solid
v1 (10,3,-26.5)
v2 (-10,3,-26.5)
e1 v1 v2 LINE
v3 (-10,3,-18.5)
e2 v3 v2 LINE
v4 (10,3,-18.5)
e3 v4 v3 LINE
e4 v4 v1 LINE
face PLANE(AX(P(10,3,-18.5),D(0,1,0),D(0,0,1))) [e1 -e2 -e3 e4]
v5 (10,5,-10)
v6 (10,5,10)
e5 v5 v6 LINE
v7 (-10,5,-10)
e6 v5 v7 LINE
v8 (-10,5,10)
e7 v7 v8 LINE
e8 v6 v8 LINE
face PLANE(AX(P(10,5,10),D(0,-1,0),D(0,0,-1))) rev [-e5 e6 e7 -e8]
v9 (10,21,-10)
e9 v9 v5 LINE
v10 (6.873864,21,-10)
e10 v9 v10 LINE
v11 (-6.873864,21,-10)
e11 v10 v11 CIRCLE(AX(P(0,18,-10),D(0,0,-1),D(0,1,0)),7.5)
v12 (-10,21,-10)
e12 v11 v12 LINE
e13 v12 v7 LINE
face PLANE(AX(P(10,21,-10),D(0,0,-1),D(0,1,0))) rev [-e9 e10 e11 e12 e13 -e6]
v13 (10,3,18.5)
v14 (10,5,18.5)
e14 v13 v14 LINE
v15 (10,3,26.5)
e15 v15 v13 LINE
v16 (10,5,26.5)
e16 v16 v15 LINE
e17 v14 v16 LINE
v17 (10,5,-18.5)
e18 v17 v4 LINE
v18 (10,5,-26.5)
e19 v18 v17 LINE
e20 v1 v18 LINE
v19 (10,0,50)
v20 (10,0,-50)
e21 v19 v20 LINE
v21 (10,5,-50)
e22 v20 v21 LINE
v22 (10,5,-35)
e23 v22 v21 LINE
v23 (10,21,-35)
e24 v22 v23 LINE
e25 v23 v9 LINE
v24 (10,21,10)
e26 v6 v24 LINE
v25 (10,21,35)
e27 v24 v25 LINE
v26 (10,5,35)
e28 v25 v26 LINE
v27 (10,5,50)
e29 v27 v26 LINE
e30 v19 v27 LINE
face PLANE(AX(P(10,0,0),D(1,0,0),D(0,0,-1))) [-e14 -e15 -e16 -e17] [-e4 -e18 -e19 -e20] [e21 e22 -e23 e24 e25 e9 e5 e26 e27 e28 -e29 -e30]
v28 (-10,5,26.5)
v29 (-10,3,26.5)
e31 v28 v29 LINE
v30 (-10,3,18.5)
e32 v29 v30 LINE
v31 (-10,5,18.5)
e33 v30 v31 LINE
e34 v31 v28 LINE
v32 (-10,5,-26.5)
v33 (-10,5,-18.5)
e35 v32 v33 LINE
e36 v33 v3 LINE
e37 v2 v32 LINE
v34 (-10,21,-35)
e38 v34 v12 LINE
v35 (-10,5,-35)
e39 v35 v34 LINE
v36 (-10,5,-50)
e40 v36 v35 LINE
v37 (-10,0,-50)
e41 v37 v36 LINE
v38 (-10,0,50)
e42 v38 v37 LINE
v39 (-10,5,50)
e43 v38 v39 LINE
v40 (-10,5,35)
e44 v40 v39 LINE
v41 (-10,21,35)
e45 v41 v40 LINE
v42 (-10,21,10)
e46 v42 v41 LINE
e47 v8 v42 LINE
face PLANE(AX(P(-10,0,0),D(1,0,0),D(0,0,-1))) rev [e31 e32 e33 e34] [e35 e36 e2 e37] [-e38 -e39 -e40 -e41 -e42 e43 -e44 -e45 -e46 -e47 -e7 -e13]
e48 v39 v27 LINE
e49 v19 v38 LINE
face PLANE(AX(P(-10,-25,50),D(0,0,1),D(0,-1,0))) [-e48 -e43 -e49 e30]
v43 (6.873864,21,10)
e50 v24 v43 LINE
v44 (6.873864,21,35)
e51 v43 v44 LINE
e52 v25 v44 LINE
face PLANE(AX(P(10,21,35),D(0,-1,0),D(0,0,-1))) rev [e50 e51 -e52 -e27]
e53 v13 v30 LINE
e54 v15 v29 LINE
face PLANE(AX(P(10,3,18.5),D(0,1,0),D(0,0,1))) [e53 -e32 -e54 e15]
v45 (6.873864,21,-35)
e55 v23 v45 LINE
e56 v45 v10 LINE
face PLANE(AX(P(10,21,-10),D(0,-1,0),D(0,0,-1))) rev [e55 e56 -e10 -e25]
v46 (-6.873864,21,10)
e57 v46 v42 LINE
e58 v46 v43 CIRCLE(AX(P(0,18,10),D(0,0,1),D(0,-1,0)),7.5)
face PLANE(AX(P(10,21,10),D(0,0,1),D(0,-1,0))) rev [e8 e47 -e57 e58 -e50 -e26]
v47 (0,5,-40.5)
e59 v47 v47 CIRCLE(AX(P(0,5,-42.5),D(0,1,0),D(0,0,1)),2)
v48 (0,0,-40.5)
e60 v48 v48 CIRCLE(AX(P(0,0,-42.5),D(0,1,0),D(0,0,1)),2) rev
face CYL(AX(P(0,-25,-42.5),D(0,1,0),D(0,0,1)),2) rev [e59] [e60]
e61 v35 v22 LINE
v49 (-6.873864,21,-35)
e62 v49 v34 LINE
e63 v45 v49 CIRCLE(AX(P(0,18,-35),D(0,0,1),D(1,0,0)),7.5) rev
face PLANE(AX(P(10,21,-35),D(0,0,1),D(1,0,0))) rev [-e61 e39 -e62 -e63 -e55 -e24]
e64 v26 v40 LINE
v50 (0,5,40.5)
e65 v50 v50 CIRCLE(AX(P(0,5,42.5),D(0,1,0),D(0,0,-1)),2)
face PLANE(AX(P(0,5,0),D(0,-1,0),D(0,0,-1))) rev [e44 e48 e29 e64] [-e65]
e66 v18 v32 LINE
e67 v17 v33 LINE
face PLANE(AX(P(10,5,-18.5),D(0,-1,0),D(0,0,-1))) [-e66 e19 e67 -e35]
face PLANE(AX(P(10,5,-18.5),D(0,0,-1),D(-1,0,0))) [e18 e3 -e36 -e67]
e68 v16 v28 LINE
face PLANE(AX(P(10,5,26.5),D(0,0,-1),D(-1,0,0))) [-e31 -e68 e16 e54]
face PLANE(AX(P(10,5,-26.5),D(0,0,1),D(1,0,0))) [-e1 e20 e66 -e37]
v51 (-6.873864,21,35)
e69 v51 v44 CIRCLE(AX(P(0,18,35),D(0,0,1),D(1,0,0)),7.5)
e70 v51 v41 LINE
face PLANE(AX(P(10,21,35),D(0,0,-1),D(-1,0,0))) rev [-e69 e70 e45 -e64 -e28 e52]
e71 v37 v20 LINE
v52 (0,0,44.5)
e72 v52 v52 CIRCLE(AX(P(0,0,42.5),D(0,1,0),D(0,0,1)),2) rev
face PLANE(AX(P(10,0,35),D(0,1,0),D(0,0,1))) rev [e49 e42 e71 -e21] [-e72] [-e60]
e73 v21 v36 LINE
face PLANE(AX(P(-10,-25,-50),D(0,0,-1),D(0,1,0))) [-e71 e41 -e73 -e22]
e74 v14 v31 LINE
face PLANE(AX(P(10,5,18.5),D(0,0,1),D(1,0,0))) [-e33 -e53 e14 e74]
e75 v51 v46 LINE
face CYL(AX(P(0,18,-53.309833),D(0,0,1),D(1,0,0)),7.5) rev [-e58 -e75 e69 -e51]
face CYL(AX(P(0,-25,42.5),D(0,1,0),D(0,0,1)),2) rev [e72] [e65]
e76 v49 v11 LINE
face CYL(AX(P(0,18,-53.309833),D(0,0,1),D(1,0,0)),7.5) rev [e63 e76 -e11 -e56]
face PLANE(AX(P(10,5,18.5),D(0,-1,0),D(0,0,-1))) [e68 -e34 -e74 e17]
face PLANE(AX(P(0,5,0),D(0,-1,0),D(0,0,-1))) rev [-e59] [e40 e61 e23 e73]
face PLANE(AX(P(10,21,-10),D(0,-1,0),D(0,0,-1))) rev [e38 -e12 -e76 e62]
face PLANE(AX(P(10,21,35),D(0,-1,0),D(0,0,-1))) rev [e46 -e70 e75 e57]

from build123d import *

# Parameters (mm, degrees)
ESBO_O1_W                = 8
ESBO_O1_H                = 2
RESSALTO_EXTRUS_O1_DEPTH = 10
CORTE_EXTRUS_O1_REACH    = 75.763
ESBO_O4_W                = 20
ESBO_O4_H                = 15
ESBO_O4_R                = 2
RESSALTO_EXTRUS_O2_DEPTH = 5


with BuildPart() as part:
    # Esboço1 → Ressalto-extrusão1 (new, symmetric)
    with BuildSketch(Plane(origin=(0, 0, 0), x_dir=(0, 0, -1), z_dir=(1, 0, 0))):
        Polygon((-35, 21), (-10, 21), (-10, 5), (10, 5), (10, 21), (35, 21), (35, 0), (-35, 0), align=None)
        with Locations((-22.5, 4)):
            Rectangle(ESBO_O1_W, ESBO_O1_H, mode=Mode.SUBTRACT)
        with Locations((22.5, 4)):
            Rectangle(ESBO_O1_W, ESBO_O1_H, mode=Mode.SUBTRACT)
    extrude(amount=RESSALTO_EXTRUS_O1_DEPTH, both=True)

    # Corte-extrusão1: up to this face of the body (flat: up to its plane)
    corte_extrus_o1_end = Plane(part.part.faces().sort_by_distance((0, 10.5, -35))[0])
    # Esboço2 → Corte-extrusão1 (cut, up to the picked face)
    with BuildSketch(Plane.XY.offset(35), mode=Mode.PRIVATE) as corte_extrus_o1_sk1:
        with BuildLine():
            Line((-6.873863542, 21), (6.873863542, 21))
            ThreePointArc((6.873863542, 21), (0, 10.5), (-6.873863542, 21))
        make_face()
    corte_extrus_o1_tool1 = split(extrude(corte_extrus_o1_sk1.sketch, amount=-CORTE_EXTRUS_O1_REACH, mode=Mode.PRIVATE), bisect_by=corte_extrus_o1_end, keep=Keep.BOTH, mode=Mode.PRIVATE)
    add(corte_extrus_o1_tool1.solids().sort_by(Axis((0, 16.361219, 35), (0, 0, -1)))[0], mode=Mode.SUBTRACT)

    # Esboço4 → Ressalto-extrusão2 (add)
    # profile 1 of 2: a face of its own
    with BuildSketch(Plane(origin=(0, 5, 0), x_dir=(1, 0, 0), z_dir=(0, 1, 0))):
        with Locations((0, 42.5)):
            Rectangle(ESBO_O4_W, ESBO_O4_H)
        with Locations(Location((0, 42.5, 0), (0, 0, 270))):
            Circle(ESBO_O4_R, mode=Mode.SUBTRACT)
    # profile 2 of 2: a face of its own
    with BuildSketch(Plane(origin=(0, 5, 0), x_dir=(1, 0, 0), z_dir=(0, 1, 0))):
        with Locations((0, -42.5)):
            Rectangle(ESBO_O4_W, ESBO_O4_H)
        with Locations(Location((0, -42.5, 0), (0, 0, 270))):
            Circle(ESBO_O4_R, mode=Mode.SUBTRACT)
    extrude(amount=-RESSALTO_EXTRUS_O2_DEPTH)


solid = part.part
